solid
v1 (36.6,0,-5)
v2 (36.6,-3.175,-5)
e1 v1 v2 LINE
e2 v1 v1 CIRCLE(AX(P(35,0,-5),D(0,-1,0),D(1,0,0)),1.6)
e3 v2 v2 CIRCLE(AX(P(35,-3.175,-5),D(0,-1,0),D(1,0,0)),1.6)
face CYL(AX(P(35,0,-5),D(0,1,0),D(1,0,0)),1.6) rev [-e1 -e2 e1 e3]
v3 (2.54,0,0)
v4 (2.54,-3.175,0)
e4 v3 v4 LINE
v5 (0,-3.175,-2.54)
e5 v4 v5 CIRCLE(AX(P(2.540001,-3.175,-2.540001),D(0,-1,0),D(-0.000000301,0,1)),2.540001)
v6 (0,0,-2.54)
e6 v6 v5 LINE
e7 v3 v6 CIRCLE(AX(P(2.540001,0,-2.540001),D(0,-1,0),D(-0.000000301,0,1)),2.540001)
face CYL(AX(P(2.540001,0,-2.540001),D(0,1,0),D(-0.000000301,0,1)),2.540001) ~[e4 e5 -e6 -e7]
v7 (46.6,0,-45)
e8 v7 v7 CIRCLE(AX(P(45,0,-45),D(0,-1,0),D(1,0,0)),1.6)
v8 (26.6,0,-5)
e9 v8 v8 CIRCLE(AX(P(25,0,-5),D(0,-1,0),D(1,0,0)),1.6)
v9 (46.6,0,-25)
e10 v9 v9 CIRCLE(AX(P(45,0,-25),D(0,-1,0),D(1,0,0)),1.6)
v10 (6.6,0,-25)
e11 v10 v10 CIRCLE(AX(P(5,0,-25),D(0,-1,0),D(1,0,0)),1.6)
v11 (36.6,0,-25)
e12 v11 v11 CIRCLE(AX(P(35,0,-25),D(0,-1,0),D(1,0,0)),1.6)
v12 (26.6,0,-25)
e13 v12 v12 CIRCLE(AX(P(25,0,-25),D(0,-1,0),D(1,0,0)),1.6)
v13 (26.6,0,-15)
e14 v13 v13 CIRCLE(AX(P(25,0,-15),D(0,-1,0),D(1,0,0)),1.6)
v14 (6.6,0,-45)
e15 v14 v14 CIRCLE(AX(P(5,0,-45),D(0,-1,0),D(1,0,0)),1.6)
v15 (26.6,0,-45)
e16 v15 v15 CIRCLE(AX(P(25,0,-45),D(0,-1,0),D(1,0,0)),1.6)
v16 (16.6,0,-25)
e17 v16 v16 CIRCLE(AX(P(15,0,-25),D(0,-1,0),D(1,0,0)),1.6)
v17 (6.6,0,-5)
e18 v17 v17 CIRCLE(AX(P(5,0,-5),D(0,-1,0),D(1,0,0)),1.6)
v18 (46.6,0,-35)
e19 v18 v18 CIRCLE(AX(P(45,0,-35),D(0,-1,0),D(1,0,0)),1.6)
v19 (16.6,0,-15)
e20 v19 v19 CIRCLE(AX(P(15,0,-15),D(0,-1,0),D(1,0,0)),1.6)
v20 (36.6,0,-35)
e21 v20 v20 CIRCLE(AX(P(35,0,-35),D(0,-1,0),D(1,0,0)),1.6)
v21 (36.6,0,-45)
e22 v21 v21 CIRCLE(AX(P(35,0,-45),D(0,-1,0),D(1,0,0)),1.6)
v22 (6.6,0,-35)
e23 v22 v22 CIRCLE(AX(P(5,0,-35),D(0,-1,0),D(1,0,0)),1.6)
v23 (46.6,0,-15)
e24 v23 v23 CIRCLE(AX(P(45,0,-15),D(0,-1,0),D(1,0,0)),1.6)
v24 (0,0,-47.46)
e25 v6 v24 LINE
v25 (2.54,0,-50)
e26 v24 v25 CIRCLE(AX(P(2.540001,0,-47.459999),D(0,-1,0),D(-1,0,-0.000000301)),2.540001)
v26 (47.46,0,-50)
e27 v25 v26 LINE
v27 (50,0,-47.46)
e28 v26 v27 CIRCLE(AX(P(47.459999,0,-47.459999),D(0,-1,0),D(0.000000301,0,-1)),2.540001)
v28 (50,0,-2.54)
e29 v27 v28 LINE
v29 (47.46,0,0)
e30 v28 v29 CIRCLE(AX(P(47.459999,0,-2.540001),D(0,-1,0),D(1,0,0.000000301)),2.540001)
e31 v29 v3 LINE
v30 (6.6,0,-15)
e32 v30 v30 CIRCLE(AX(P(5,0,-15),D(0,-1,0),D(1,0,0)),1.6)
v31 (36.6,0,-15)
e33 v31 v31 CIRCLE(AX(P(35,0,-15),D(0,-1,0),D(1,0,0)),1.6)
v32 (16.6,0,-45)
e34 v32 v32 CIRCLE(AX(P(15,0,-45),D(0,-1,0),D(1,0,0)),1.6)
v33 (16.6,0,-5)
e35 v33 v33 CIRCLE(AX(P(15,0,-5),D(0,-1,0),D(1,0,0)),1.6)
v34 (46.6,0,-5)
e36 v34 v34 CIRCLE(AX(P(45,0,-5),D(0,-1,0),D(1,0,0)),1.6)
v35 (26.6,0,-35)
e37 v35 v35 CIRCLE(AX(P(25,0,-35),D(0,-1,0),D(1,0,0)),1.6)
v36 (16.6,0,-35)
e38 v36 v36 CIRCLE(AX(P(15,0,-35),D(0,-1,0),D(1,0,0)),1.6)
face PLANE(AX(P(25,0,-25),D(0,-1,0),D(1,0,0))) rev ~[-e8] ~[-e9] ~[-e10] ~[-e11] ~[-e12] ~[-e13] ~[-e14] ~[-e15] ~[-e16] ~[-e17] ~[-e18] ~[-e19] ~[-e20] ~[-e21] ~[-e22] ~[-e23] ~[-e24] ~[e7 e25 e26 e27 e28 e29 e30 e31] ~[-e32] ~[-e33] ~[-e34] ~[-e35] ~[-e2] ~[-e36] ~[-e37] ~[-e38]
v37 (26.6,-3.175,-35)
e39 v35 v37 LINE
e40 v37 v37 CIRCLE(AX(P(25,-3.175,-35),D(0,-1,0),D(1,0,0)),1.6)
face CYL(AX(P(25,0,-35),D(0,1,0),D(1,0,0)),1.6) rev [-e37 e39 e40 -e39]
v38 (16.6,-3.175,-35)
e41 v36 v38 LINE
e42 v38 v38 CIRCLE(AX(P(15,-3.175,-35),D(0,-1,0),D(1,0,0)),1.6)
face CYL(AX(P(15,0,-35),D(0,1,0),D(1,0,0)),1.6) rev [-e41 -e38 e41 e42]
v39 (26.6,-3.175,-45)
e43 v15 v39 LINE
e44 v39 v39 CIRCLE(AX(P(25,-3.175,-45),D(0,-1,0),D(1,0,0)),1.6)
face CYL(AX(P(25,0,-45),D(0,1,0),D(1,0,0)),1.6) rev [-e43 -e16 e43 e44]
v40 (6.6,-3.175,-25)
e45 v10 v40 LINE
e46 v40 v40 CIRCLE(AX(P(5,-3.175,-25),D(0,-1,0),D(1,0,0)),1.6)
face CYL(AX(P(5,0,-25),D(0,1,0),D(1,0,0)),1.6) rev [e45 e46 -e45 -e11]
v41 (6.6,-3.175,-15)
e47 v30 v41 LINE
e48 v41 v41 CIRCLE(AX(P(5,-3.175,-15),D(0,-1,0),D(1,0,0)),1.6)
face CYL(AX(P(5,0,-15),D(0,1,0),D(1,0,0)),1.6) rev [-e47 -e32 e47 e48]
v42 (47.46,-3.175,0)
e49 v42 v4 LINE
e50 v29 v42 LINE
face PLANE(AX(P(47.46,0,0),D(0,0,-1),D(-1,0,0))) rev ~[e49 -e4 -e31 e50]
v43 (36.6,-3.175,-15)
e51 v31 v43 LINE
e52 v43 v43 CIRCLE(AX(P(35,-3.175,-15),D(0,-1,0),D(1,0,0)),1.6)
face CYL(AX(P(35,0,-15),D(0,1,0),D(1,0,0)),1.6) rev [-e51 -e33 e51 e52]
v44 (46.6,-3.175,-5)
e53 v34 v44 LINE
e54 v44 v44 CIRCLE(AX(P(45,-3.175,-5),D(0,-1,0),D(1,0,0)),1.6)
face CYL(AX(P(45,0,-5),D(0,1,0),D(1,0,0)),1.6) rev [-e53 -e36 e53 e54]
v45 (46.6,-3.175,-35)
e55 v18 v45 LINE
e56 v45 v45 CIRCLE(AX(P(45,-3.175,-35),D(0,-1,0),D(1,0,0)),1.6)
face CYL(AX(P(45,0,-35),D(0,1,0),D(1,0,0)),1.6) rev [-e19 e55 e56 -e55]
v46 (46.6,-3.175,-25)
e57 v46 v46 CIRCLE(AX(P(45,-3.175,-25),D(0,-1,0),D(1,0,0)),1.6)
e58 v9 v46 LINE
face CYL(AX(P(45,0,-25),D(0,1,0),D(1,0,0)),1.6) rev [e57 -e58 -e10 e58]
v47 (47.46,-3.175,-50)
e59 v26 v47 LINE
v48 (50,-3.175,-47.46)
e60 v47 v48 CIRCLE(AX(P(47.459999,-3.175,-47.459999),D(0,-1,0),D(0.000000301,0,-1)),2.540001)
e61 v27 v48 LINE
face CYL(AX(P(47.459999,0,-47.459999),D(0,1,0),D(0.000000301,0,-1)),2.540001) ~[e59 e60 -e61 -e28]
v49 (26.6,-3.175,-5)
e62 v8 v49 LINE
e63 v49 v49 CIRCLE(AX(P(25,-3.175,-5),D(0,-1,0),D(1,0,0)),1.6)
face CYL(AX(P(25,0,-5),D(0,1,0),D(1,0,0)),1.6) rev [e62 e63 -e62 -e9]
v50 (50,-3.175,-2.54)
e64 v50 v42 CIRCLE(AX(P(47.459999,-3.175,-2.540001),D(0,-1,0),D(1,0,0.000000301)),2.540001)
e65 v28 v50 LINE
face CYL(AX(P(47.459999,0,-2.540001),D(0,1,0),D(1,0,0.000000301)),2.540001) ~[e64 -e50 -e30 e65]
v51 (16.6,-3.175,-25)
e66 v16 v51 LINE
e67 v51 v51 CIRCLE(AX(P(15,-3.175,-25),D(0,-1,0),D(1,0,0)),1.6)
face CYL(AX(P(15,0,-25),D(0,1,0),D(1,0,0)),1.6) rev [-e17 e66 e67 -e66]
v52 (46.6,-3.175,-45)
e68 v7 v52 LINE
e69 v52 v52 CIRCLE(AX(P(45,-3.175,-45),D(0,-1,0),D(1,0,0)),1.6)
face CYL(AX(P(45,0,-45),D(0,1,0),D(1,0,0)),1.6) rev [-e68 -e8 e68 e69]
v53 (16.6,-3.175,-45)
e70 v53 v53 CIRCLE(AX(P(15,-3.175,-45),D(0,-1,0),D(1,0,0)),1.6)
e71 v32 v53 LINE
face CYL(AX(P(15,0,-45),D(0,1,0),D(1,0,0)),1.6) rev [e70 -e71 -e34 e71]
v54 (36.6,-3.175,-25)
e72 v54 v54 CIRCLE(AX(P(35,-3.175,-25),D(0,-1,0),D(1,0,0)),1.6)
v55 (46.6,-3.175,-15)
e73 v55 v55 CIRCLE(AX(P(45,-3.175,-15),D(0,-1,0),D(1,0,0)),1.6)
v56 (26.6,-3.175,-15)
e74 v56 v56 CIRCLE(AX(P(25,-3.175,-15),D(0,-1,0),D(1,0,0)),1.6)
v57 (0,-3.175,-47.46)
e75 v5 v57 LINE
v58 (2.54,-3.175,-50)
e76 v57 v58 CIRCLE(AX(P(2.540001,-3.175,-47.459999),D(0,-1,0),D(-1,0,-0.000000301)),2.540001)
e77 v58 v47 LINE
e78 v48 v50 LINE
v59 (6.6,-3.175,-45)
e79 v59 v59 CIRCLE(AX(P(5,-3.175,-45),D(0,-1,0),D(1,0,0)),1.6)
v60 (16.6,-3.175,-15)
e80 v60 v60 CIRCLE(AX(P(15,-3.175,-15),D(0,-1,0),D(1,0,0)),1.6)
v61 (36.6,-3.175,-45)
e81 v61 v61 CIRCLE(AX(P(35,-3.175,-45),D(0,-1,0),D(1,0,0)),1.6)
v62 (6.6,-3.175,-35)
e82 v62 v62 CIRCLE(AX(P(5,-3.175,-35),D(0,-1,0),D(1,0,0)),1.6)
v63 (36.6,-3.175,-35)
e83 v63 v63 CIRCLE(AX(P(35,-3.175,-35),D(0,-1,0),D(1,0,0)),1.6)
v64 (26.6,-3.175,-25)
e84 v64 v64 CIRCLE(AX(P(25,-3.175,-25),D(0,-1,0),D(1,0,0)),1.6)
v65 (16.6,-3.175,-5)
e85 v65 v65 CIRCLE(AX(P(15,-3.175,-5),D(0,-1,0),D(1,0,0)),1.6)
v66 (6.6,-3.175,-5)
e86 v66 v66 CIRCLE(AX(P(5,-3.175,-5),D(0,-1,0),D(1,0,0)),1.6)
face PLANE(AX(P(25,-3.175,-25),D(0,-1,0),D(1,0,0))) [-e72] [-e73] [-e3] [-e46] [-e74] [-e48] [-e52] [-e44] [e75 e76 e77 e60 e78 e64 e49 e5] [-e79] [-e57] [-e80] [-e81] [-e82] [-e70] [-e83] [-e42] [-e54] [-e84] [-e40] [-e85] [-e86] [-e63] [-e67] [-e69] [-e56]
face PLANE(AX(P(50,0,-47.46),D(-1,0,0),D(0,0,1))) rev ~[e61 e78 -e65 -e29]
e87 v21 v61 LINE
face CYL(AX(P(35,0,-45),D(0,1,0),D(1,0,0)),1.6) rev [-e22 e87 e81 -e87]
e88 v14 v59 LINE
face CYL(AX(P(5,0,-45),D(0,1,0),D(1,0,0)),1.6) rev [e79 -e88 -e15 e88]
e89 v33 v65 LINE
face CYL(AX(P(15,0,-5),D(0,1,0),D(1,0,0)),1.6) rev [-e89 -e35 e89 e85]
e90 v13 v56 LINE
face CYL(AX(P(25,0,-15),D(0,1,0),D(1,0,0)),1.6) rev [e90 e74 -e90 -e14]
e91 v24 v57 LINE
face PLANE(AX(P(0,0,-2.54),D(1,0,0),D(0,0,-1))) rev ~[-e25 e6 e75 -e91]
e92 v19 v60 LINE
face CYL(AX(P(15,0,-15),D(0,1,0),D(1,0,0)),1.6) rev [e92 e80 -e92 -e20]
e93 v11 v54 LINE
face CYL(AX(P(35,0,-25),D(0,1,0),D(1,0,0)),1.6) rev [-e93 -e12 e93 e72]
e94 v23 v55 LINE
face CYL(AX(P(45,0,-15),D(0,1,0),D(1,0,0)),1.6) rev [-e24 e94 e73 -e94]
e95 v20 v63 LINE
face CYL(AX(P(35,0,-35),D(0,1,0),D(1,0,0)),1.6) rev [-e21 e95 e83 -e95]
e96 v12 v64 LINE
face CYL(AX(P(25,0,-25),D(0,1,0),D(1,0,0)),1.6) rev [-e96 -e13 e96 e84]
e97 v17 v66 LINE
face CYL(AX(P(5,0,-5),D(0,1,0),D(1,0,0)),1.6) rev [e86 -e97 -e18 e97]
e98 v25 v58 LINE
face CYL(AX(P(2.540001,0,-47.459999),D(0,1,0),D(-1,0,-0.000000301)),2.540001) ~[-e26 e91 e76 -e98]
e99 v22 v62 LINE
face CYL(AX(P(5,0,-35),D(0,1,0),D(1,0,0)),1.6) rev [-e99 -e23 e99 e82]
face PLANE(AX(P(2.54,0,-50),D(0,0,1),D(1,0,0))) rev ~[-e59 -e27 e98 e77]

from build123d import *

# Parameters (mm, degrees)
F0_R     = 1.6
F1_DEPTH = 3.175


with BuildPart() as f1:
    # F0 (on Front) → F1 (new body)
    with BuildSketch(Plane.XZ):
        with BuildLine():
            Line((47.46, 0), (2.54, 0))
            ThreePointArc((2.54, 0), (0.743949, -0.743949), (0, -2.54))
            Line((0, -2.54), (0, -47.46))
            ThreePointArc((0, -47.46), (0.743949, -49.256051), (2.54, -50))
            Line((2.54, -50), (47.46, -50))
            ThreePointArc((47.46, -50), (49.256051, -49.256051), (50, -47.46))
            Line((50, -47.46), (50, -2.54))
            ThreePointArc((50, -2.54), (49.256051, -0.743949), (47.46, 0))
        make_face()
        with Locations((5, -45)):
            Circle(F0_R, mode=Mode.SUBTRACT)
        with Locations((15, -45)):
            Circle(F0_R, mode=Mode.SUBTRACT)
        with Locations((5, -35)):
            Circle(F0_R, mode=Mode.SUBTRACT)
        with Locations((15, -35)):
            Circle(F0_R, mode=Mode.SUBTRACT)
        with Locations((25, -45)):
            Circle(F0_R, mode=Mode.SUBTRACT)
        with Locations((35, -45)):
            Circle(F0_R, mode=Mode.SUBTRACT)
        with Locations((45, -45)):
            Circle(F0_R, mode=Mode.SUBTRACT)
        with Locations((25, -35)):
            Circle(F0_R, mode=Mode.SUBTRACT)
        with Locations((35, -35)):
            Circle(F0_R, mode=Mode.SUBTRACT)
        with Locations((45, -35)):
            Circle(F0_R, mode=Mode.SUBTRACT)
        with Locations((5, -25)):
            Circle(F0_R, mode=Mode.SUBTRACT)
        with Locations((5, -15)):
            Circle(F0_R, mode=Mode.SUBTRACT)
        with Locations((15, -25)):
            Circle(F0_R, mode=Mode.SUBTRACT)
        with Locations((15, -15)):
            Circle(F0_R, mode=Mode.SUBTRACT)
        with Locations((5, -5)):
            Circle(F0_R, mode=Mode.SUBTRACT)
        with Locations((15, -5)):
            Circle(F0_R, mode=Mode.SUBTRACT)
        with Locations((25, -25)):
            Circle(F0_R, mode=Mode.SUBTRACT)
        with Locations((35, -25)):
            Circle(F0_R, mode=Mode.SUBTRACT)
        with Locations((25, -15)):
            Circle(F0_R, mode=Mode.SUBTRACT)
        with Locations((35, -15)):
            Circle(F0_R, mode=Mode.SUBTRACT)
        with Locations((45, -25)):
            Circle(F0_R, mode=Mode.SUBTRACT)
        with Locations((45, -15)):
            Circle(F0_R, mode=Mode.SUBTRACT)
        with Locations((25, -5)):
            Circle(F0_R, mode=Mode.SUBTRACT)
        with Locations((35, -5)):
            Circle(F0_R, mode=Mode.SUBTRACT)
        with Locations((45, -5)):
            Circle(F0_R, mode=Mode.SUBTRACT)
    extrude(amount=F1_DEPTH)


solid = f1.part
